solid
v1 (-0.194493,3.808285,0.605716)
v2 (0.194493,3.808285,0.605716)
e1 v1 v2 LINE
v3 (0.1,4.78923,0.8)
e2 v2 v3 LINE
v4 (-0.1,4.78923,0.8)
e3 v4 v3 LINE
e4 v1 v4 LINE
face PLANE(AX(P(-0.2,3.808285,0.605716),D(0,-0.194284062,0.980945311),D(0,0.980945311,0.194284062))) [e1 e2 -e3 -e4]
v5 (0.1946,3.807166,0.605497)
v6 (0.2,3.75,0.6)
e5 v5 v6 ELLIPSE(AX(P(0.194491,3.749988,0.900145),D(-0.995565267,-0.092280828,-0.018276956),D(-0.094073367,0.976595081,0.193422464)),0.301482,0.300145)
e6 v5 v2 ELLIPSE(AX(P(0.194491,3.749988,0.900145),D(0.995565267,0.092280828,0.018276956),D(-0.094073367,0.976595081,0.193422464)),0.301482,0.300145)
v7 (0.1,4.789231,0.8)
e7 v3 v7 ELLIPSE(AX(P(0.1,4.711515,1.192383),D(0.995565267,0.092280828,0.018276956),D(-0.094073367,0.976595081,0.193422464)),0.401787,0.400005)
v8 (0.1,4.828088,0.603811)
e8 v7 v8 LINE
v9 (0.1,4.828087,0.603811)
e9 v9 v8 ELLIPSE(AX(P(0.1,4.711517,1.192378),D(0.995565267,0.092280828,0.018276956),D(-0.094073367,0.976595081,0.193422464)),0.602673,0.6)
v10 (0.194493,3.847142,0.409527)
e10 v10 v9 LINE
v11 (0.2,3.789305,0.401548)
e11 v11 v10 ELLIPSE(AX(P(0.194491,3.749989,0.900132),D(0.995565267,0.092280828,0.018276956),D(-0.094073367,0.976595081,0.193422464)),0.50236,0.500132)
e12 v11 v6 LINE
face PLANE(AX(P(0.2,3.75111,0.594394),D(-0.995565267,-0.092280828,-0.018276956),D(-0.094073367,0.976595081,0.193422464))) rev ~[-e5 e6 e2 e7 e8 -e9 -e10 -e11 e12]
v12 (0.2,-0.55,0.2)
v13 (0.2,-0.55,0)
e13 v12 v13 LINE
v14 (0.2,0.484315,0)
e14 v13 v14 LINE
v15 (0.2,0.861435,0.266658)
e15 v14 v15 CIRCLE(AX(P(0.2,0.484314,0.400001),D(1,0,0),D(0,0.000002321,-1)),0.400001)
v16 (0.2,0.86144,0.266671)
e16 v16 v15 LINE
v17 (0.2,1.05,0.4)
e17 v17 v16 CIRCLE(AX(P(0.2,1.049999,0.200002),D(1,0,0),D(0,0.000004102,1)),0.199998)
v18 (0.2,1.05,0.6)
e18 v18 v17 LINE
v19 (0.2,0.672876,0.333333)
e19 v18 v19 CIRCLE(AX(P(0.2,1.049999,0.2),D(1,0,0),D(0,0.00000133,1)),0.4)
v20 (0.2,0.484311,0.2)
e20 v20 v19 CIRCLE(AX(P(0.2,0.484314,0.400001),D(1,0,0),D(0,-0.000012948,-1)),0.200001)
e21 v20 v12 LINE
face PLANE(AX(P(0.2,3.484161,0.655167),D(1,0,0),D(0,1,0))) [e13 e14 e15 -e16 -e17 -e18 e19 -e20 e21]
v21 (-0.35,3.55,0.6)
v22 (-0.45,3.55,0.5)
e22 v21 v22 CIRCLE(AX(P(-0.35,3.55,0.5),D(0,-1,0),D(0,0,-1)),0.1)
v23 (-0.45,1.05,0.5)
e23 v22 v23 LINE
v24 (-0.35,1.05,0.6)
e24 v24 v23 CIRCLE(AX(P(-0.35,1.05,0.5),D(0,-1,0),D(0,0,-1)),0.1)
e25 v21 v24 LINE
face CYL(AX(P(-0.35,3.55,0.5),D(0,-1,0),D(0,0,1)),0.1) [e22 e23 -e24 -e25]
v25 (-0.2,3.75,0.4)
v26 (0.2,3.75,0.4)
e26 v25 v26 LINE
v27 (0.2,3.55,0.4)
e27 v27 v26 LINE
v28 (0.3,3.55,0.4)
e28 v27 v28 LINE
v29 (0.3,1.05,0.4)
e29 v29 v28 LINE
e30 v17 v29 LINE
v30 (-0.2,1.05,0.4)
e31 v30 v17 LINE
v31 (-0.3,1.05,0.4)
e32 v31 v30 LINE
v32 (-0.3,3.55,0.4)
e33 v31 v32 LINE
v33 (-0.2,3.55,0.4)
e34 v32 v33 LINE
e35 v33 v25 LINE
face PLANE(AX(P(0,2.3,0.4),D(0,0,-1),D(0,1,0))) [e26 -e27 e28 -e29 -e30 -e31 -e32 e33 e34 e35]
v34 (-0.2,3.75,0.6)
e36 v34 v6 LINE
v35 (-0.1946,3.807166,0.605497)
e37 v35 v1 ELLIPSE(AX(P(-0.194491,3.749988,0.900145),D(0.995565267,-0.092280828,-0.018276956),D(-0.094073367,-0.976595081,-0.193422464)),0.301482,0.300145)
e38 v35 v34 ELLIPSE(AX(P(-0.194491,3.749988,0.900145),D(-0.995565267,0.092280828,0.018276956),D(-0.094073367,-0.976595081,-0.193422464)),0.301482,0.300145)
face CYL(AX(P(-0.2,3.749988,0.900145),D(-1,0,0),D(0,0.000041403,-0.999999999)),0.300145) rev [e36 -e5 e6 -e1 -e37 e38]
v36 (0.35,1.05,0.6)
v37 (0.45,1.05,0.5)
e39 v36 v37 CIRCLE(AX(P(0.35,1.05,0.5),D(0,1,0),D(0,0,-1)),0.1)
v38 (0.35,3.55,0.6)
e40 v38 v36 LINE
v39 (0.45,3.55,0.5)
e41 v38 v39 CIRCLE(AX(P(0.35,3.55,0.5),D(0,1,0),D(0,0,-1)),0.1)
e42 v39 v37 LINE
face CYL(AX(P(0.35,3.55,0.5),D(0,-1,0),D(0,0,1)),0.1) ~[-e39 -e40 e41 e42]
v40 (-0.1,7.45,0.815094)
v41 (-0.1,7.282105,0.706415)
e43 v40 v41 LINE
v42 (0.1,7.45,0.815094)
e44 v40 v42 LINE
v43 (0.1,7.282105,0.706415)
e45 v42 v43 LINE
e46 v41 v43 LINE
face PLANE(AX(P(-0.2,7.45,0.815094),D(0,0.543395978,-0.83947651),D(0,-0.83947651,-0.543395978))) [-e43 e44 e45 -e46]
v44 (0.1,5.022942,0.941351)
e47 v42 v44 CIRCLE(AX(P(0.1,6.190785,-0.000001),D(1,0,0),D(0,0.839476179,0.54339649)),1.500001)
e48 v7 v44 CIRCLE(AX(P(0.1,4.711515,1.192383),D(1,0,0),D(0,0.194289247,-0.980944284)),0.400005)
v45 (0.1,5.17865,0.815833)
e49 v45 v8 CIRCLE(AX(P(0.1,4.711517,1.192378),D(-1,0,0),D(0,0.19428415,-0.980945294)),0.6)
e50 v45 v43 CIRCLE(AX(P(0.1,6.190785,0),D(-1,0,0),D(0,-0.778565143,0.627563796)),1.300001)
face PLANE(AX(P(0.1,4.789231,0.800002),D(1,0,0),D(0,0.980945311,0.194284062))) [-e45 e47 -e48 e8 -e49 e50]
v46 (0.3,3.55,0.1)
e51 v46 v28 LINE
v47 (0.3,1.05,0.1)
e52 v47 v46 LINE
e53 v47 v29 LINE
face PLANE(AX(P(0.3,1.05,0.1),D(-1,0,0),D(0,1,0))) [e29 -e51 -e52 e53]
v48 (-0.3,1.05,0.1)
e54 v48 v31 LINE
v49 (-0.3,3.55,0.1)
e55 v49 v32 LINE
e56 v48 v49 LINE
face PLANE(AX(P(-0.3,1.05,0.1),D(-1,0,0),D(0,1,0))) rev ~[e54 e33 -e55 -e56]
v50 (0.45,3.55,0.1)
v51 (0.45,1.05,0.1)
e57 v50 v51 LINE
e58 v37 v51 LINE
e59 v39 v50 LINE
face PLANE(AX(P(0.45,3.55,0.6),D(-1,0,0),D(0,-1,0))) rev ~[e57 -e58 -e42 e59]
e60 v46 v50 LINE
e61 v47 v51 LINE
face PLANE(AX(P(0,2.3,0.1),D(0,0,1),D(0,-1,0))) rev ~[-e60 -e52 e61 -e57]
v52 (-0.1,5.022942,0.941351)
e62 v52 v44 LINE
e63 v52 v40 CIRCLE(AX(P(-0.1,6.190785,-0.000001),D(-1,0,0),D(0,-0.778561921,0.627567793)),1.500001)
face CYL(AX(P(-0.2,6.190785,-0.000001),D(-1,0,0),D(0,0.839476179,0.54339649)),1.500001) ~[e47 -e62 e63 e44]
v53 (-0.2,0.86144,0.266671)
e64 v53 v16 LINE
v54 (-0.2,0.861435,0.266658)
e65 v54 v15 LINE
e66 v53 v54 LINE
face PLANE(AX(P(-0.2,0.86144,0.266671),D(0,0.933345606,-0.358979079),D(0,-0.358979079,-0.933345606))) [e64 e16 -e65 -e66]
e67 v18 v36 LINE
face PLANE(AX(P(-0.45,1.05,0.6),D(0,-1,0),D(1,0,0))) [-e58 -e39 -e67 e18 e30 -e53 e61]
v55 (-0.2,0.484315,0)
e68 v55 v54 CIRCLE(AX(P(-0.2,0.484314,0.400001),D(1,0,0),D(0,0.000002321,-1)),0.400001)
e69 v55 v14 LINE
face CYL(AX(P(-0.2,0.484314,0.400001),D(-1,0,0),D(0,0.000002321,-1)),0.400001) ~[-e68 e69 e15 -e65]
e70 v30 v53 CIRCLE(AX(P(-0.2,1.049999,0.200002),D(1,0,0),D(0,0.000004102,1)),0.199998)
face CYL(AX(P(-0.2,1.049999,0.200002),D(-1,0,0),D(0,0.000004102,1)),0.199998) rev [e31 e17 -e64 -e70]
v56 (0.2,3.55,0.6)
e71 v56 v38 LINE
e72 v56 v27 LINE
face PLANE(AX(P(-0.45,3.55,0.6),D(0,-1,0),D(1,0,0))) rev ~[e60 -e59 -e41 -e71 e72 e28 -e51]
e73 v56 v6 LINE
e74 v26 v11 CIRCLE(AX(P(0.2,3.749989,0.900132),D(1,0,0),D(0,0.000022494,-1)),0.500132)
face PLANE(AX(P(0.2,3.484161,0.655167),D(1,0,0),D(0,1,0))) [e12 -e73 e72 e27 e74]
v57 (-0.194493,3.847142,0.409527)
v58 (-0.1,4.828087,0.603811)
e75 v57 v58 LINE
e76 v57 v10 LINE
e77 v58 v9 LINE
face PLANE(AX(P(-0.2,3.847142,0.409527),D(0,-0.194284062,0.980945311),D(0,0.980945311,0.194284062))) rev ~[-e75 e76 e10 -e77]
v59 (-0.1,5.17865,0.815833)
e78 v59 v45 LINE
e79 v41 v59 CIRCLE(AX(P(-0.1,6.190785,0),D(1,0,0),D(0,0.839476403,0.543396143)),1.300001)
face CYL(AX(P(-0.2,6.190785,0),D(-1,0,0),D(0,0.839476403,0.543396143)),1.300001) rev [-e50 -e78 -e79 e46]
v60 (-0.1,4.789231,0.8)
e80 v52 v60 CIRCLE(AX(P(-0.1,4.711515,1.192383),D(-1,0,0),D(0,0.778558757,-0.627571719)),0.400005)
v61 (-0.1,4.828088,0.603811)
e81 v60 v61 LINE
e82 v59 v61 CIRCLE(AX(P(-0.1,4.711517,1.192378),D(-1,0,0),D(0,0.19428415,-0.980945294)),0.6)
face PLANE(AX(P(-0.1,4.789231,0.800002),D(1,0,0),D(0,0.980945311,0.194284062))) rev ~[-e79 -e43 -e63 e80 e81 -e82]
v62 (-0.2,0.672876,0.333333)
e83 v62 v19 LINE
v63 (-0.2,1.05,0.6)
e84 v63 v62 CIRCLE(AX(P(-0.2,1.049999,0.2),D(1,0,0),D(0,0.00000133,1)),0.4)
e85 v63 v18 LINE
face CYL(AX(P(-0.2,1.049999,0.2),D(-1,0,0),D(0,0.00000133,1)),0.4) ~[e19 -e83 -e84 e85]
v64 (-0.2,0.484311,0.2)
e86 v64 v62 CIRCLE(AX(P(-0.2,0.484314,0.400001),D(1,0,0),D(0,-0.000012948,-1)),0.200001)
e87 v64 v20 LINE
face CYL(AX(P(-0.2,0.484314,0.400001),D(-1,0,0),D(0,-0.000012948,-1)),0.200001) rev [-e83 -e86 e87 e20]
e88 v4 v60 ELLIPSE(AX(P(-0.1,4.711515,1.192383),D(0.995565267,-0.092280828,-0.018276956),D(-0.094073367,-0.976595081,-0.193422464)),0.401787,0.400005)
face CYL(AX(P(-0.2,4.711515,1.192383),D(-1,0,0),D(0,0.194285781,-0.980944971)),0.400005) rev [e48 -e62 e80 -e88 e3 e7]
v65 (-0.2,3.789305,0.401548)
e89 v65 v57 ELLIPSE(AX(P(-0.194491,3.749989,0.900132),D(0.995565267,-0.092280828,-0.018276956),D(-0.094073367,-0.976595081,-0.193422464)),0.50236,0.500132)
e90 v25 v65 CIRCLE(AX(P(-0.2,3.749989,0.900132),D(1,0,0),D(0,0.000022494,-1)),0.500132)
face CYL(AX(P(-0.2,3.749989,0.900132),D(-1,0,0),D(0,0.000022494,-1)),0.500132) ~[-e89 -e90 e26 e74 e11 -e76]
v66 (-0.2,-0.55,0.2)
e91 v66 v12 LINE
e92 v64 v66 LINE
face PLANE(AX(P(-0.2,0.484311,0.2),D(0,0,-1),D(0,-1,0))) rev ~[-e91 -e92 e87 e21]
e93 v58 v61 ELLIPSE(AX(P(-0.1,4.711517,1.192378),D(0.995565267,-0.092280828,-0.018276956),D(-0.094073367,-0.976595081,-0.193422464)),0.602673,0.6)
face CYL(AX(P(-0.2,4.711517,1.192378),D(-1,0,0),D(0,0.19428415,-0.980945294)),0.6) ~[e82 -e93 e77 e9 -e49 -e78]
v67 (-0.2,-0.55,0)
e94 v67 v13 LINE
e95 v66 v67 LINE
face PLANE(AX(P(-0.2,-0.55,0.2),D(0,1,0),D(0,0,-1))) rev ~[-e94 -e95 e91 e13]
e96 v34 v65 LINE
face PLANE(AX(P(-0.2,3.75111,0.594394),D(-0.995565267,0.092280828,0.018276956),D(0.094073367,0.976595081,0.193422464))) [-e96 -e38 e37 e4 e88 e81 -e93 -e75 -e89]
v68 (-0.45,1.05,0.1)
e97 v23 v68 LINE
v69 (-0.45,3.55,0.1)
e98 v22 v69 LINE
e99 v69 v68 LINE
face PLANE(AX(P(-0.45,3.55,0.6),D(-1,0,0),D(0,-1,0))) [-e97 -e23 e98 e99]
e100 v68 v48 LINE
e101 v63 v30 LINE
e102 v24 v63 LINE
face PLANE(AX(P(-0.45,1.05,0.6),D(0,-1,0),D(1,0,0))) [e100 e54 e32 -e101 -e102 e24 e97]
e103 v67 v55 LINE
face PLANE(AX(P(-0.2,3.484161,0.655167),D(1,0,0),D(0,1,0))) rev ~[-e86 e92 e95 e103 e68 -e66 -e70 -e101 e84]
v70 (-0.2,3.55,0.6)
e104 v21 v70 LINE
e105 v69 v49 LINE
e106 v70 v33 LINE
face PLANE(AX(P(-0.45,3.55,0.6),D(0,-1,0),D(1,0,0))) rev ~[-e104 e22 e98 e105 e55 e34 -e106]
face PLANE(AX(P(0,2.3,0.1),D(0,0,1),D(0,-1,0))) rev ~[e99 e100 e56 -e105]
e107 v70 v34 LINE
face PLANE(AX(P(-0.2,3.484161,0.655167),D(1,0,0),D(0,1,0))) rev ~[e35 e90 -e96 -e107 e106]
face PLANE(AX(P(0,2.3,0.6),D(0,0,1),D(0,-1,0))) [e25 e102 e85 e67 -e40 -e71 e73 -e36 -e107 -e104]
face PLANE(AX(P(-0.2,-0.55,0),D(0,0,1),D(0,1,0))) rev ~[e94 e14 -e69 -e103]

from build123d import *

# Parameters (mm, degrees)
PAD_DEPTH         = 0.4
POCKET_DEPTH      = 1.3027
POCKET_DEPTH_BACK = -1.724987
SKETCH002_W       = 2.5
SKETCH002_H       = 0.9
PAD001_DEPTH      = 0.5
SKETCH003_W       = 2.5
SKETCH003_H       = 0.6
POCKET001_DEPTH   = 0.3
FILLET_R          = 0.1


with BuildPart() as part:
    # Sketch → Pad (new body)
    with BuildSketch(Plane.YZ):
        with BuildLine():
            Line((-0.55, 0), (0.484315, 0))
            ThreePointArc((0.484315, 0), (0.715251, 0.073399), (0.861435, 0.266658))
            Line((0.86144, 0.266671), (0.861435, 0.266658))
            ThreePointArc((1.05, 0.4), (0.934532, 0.363301), (0.86144, 0.266671))
            Line((1.05, 0.4), (3.75, 0.4))
            ThreePointArc((3.75, 0.4), (3.798804, 0.402388), (3.847142, 0.409527))
            Line((3.847142, 0.409527), (4.828087, 0.603811))
            ThreePointArc((4.828087, 0.603811), (5.022026, 0.678974), (5.17865, 0.815833))
            ThreePointArc((7.282105, 0.706415), (6.258318, 1.298245), (5.17865, 0.815833))
            Line((7.45, 0.815094), (7.282105, 0.706415))
            ThreePointArc((7.45, 0.815094), (6.268711, 1.497974), (5.022942, 0.941351))
            ThreePointArc((4.78923, 0.8), (4.918525, 0.85011), (5.022942, 0.941351))
            Line((3.808285, 0.605716), (4.78923, 0.8))
            ThreePointArc((3.75, 0.6), (3.779282, 0.601433), (3.808285, 0.605716))
            Line((1.05, 0.6), (3.75, 0.6))
            ThreePointArc((1.05, 0.6), (0.81906, 0.526599), (0.672876, 0.333333))
            ThreePointArc((0.484311, 0.2), (0.599783, 0.2367), (0.672876, 0.333333))
            Line((0.484311, 0.2), (-0.55, 0.2))
            Line((-0.55, 0.2), (-0.55, 0))
        make_face()
    extrude(amount=PAD_DEPTH)

    # Sketch001 (on Face15 of Pad) → Pocket (cut, two sides)
    with BuildSketch(Plane(origin=(0, 0.02831, -0.142936), x_dir=(0, -0.980945, -0.194284), z_dir=(0, -0.194284, 0.980945))) as pocket_sk:
        Polygon((-3.795115, 0.4), (-4.853401, 0.3), (-7.466403, 0.3), (-7.466403, 0.4), align=None)
        Polygon((-3.795115, 0), (-4.853401, 0.1), (-7.466403, 0.1), (-7.466403, 0), align=None)
    extrude(amount=-POCKET_DEPTH, mode=Mode.SUBTRACT)
    extrude(pocket_sk.sketch, amount=-POCKET_DEPTH_BACK, mode=Mode.SUBTRACT)

    # Sketch002 (on Face14 of Pocket) → Pad001 (join)
    with BuildSketch(Plane(origin=(0, 0, 0.6), x_dir=(0, -1, 0), z_dir=(0, 0, 1))):
        with Locations((-2.3, 0.2)):
            Rectangle(SKETCH002_W, SKETCH002_H)
    extrude(amount=-PAD001_DEPTH)

    # Sketch003 (on Face16 of Pad001) → Pocket001 (cut)
    with BuildSketch(Plane.YX.offset(-0.1)):
        with Locations((2.3, 0.2)):
            Rectangle(SKETCH003_W, SKETCH003_H)
    extrude(amount=-POCKET001_DEPTH, mode=Mode.SUBTRACT)

    # Fillet
    fillet_edges = [part.edges().sort_by_distance(p)[0] for p in [
        (0.65, 2.3, 0.6),
        (-0.25, 2.3, 0.6),
    ]]
    fillet(fillet_edges, radius=FILLET_R)


with BuildPart() as part_1:
    # Body placement: moved
    add(part.part.moved(Location((-0.2, 0, 0))))


solid = part_1.part
